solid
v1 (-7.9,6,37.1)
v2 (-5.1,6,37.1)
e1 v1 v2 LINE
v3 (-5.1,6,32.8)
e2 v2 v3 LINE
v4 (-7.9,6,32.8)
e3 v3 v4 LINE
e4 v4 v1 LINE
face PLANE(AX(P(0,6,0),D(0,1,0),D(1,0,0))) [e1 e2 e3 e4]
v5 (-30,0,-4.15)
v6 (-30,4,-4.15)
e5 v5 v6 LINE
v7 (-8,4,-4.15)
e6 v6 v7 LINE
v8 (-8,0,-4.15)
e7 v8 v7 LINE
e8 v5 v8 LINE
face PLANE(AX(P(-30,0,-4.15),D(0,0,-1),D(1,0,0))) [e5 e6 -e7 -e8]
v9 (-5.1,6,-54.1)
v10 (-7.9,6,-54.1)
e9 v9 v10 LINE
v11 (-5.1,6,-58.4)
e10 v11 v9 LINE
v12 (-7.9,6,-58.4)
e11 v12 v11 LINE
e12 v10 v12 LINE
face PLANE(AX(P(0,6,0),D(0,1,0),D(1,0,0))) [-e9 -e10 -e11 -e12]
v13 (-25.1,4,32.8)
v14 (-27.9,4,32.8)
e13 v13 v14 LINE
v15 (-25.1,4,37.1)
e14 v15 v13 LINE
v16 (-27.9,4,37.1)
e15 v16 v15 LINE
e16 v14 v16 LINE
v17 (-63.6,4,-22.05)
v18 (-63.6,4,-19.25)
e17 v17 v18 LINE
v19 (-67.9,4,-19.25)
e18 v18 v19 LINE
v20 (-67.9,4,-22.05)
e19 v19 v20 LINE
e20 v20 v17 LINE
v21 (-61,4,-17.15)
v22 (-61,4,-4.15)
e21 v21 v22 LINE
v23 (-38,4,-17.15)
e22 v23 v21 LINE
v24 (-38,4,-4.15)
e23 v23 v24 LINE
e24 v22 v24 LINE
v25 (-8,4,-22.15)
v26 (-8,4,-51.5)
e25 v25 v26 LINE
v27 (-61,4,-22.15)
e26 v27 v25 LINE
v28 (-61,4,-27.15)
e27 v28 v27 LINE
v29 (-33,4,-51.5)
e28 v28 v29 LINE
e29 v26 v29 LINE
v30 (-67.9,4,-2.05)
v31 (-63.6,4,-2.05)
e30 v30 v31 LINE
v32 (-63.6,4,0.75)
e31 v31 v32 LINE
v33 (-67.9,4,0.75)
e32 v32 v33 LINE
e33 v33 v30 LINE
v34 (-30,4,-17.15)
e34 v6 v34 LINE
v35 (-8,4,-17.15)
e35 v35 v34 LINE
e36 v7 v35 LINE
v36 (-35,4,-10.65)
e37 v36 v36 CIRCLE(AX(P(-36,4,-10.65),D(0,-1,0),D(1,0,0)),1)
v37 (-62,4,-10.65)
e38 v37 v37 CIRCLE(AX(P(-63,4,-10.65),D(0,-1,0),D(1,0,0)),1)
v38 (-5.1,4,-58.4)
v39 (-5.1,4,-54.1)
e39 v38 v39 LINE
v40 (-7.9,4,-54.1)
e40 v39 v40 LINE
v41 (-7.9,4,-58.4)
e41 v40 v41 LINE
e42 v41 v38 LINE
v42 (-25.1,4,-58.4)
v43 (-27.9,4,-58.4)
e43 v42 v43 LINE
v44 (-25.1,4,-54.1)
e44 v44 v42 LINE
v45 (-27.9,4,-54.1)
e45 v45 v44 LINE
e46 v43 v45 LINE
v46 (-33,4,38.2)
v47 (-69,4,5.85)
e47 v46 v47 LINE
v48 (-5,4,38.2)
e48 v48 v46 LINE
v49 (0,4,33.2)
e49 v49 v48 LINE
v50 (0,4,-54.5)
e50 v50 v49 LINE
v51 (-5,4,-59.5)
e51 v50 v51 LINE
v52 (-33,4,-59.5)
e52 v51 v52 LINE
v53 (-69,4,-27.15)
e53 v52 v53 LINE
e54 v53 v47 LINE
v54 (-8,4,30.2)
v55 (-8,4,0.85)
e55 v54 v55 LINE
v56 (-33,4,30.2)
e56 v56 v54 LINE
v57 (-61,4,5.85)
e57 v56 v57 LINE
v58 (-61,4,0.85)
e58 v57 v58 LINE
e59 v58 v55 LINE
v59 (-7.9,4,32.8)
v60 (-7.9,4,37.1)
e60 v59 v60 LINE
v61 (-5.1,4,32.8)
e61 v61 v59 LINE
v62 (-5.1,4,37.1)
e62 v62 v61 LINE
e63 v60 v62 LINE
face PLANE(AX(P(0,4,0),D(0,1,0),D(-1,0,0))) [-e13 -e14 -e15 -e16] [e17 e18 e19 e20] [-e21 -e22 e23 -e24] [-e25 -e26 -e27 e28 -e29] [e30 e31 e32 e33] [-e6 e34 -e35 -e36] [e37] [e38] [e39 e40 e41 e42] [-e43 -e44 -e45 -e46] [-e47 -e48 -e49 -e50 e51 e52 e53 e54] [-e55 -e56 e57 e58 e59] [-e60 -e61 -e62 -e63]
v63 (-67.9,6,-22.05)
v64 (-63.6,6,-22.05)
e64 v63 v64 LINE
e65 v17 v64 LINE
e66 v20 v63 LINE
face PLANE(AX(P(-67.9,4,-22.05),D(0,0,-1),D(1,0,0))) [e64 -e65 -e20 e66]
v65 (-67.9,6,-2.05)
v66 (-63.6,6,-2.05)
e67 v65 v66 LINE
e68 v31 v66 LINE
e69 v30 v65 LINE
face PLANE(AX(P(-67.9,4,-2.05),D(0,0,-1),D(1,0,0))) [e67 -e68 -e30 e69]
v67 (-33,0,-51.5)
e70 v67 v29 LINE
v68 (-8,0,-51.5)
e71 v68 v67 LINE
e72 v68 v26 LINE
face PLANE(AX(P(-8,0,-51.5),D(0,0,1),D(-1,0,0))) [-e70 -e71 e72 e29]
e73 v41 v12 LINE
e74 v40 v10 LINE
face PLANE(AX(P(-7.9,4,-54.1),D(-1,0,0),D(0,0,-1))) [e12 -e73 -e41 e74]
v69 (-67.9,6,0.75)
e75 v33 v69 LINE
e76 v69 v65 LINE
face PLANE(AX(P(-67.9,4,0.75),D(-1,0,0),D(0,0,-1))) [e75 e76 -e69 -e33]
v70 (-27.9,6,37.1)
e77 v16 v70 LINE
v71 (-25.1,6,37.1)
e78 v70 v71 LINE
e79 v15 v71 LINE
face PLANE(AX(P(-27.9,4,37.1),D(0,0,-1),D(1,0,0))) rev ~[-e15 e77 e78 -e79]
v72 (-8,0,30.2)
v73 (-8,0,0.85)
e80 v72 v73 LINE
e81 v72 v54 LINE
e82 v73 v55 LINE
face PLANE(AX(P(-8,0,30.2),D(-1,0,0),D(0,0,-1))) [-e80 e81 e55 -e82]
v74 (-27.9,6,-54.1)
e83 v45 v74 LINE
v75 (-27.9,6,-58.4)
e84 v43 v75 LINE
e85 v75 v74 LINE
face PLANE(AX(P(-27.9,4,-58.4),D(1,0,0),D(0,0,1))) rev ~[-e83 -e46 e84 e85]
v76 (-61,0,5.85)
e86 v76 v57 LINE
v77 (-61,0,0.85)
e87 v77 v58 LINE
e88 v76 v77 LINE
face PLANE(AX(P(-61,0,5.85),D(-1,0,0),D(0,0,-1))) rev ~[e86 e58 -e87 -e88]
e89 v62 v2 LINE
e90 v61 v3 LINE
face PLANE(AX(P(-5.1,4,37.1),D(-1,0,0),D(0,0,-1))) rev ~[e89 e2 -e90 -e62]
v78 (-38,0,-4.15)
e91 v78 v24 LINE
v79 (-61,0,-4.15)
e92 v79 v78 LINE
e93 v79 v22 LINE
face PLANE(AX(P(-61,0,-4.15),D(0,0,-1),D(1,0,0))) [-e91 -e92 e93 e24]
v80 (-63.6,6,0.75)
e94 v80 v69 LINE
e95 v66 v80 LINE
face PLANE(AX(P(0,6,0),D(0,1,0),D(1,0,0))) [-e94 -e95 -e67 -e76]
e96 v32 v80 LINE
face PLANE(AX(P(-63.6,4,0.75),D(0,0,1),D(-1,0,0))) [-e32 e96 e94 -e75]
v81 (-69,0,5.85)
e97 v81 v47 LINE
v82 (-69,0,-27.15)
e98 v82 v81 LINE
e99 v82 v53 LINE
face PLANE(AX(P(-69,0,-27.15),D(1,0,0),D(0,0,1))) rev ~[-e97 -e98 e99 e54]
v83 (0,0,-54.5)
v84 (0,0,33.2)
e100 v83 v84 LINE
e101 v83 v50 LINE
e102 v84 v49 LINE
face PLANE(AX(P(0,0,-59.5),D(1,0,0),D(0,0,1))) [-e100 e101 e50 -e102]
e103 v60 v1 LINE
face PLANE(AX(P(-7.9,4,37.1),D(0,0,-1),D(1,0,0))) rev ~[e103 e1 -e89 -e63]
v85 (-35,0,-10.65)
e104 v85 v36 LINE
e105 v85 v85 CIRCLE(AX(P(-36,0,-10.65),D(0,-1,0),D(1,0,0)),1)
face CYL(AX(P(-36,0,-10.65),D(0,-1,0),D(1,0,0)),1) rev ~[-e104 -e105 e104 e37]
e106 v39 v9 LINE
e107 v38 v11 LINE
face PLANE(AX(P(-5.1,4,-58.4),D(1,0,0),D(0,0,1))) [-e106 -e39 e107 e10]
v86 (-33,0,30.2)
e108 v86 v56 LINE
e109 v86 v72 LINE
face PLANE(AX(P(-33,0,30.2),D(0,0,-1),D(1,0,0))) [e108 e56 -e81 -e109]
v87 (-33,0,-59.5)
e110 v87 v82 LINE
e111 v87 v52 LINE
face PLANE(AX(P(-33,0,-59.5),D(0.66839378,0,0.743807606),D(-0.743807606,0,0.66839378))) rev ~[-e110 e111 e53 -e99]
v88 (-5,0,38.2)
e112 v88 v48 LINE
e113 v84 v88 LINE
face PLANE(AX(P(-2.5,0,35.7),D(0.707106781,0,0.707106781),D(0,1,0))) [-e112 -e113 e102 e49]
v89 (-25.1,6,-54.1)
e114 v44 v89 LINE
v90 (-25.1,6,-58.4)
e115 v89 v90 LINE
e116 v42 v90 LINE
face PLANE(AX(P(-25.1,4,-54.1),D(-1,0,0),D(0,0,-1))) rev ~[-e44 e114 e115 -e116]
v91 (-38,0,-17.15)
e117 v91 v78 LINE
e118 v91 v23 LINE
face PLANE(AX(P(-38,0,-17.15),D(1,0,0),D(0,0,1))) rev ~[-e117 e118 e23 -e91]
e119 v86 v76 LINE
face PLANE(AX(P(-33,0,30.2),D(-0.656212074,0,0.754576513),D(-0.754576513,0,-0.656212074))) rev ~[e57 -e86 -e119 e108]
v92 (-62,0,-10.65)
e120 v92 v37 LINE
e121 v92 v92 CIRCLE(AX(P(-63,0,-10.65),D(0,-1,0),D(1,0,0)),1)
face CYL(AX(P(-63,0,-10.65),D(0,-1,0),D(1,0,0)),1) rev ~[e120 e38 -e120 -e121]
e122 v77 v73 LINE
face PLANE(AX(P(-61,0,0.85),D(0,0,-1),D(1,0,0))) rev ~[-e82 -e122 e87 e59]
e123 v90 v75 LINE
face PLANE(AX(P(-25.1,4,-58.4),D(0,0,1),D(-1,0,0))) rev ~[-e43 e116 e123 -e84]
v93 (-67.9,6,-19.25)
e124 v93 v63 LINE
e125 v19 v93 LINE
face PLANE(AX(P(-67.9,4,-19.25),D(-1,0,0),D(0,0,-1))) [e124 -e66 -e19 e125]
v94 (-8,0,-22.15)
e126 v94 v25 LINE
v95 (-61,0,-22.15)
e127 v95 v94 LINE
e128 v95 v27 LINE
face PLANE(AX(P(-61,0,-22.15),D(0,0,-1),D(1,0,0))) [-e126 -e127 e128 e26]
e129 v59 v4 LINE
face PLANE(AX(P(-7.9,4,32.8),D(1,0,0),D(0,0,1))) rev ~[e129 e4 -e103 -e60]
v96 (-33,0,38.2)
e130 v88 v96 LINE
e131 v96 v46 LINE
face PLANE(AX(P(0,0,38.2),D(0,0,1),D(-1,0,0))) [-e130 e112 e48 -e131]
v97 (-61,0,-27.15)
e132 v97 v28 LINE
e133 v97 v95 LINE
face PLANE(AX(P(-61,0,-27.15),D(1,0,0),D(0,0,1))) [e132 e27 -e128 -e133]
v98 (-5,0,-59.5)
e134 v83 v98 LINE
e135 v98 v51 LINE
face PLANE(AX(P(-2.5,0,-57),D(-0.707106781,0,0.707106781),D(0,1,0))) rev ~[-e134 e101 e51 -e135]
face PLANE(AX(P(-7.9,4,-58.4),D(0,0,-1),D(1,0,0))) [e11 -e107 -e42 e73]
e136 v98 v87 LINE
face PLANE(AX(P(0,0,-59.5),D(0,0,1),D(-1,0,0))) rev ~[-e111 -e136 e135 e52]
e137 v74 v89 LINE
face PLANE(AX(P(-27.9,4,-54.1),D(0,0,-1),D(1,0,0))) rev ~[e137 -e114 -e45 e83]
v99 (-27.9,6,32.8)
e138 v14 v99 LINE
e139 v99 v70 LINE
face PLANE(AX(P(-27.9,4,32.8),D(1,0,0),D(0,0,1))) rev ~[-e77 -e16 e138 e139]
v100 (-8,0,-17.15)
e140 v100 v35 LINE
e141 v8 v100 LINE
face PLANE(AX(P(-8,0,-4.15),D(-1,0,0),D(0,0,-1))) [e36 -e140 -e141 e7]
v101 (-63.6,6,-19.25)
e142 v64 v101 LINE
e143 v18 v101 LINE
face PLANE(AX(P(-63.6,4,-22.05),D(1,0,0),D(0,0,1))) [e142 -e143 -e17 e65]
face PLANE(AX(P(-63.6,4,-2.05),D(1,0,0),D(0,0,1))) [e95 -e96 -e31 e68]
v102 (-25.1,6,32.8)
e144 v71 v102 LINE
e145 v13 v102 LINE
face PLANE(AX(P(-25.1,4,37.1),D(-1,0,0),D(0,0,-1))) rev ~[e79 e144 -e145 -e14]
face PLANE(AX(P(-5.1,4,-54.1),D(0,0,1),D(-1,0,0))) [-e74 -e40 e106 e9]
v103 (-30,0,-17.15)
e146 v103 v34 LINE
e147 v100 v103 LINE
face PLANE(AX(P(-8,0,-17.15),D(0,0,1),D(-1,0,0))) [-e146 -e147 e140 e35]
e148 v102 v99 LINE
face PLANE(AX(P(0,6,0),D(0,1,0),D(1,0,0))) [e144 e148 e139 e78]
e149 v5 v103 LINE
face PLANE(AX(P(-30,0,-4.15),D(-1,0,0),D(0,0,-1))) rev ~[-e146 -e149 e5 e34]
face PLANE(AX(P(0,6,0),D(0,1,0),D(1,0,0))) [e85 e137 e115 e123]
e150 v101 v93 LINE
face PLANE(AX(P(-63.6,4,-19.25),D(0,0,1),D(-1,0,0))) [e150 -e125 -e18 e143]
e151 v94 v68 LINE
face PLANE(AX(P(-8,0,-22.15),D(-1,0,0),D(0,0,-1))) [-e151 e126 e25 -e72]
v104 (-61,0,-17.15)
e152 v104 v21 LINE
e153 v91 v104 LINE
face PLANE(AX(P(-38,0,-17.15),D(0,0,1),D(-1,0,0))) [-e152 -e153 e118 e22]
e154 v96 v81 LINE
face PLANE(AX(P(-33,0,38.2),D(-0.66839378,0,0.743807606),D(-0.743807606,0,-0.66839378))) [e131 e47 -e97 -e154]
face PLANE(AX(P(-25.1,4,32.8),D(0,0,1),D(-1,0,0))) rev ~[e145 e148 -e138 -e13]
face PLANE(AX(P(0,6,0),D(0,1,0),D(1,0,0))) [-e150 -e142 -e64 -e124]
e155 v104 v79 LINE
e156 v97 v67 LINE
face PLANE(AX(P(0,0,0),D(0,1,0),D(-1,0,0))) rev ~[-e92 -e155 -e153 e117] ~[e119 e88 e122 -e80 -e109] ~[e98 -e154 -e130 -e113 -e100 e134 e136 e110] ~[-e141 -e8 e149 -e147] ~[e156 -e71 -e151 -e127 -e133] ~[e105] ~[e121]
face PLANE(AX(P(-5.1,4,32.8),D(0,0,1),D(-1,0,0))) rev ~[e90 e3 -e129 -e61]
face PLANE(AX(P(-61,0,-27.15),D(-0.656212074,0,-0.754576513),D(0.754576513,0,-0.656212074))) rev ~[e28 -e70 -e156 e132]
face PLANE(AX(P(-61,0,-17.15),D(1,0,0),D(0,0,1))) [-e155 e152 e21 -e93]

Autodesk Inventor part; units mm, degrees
ref_plane "YZ Plane" through (0, 0, 0) normal (1, 0, 0) x (0, 1, 0)
ref_plane "XZ Plane" through (0, 0, 0) normal (0, 1, 0) x (-1, 0, 0)
ref_plane "XY Plane" through (0, 0, 0) normal (0, 0, 1) x (1, 0, 0)
sketch "Sketch1" plane through (0, 0, 0) normal (0, 1, 0) x (-1, 0, 0)
  line L0 (0, -59.5) -> (33, -59.5)
  line L1 (69, -27.15) -> (69, 5.85)
  line L2 (33, 38.2) -> (69, 5.85)
  line L3 (33, -59.5) -> (69, -27.15)
  line L4 (61, -27.15) -> (33, -51.5)
  line L5 (0, 38.2) -> (33, 38.2)
  line L6 (0, -59.5) -> (0, 38.2)
  line L7 (33, 30.2) -> (8, 30.2)
  line L8 (8, -51.5) -> (33, -51.5)
  line L9 (8, 30.2) -> (8, 0.85)
  line L10 (61, -17.15) -> (61, -4.15)
  line L11 (8, -4.15) -> (8, -17.15)
  line L12 (8, -22.15) -> (8, -51.5)
  line L13 (38, -17.15) -> (38, -4.15)
  line L14 (30, -4.15) -> (30, -17.15)
  line L15 (8, -17.15) -> (30, -17.15)
  line L16 (38, -17.15) -> (61, -17.15)
  line L17 (61, -4.15) -> (38, -4.15)
  line L18 (30, -4.15) -> (8, -4.15)
  line L19 (33, 30.2) -> (61, 5.85)
  line L20 (61, -27.15) -> (61, -22.15)
  line L21 (61, -22.15) -> (8, -22.15)
  line L22 (61, 5.85) -> (61, 0.85)
  line L23 (61, 0.85) -> (8, 0.85)
  point P0 (0, 0)
  point P1 (38, -10.65)
  dimension "d59" = 33
  dimension "d85" = 33
  dimension "d95" = 8
  dimension "d97" = 97.7
  dimension "d99" = 59.5
  dimension "d102" = 69
  dimension "d103" = 8
  dimension "d105" = 23
  dimension "d106" = 13
  dimension "d112" = 8
  dimension "d113" = 8
  dimension "d114" = 8
  dimension "d115" = 8
  dimension "d119" = 8
  dimension "d120" = 13
  dimension "d122" = 8
  dimension "d138" = 5
  dimension "d139" = 5
  dimension "d141" = 5
  dimension "d157" = 5
  dimension "d158" = 48.85
extrude "Extrusion1" add sketch "Sketch1" along normal blind 4
sketch "Sketch4" plane through (0, 4, 0) normal (0, 1, 0) x (1, 0, 0)
  line L0 (-27.9, -37.1) -> (-25.1, -37.1)
  line L1 (-25.1, -37.1) -> (-25.1, -32.8)
  line L2 (-25.1, -32.8) -> (-27.9, -32.8)
  line L3 (-27.9, -32.8) -> (-27.9, -37.1)
  line L4 (-5.1, -32.8) -> (-7.9, -32.8)
  line L5 (-7.9, -32.8) -> (-7.9, -37.1)
  line L6 (-7.9, -37.1) -> (-5.1, -37.1)
  line L7 (-5.1, -37.1) -> (-5.1, -32.8)
  line L8 (-27.9, 54.1) -> (-25.1, 54.1)
  line L9 (-25.1, 54.1) -> (-25.1, 58.4)
  line L10 (-25.1, 58.4) -> (-27.9, 58.4)
  line L11 (-27.9, 58.4) -> (-27.9, 54.1)
  line L12 (-5.1, 54.1) -> (-7.9, 54.1)
  line L13 (-7.9, 54.1) -> (-7.9, 58.4)
  line L14 (-7.9, 58.4) -> (-5.1, 58.4)
  line L15 (-5.1, 58.4) -> (-5.1, 54.1)
  line L16 (0, 59.5) -> (-33, 59.5) projected
  line L17 (0, -38.2) -> (0, 59.5) projected
  line L18 (-33, -38.2) -> (0, -38.2) projected
  line L19 (-63.6, -0.75) -> (-67.9, -0.75)
  line L20 (-67.9, -0.75) -> (-67.9, 2.05)
  line L21 (-67.9, 2.05) -> (-63.6, 2.05)
  line L22 (-63.6, 2.05) -> (-63.6, -0.75)
  line L23 (-63.6, 19.25) -> (-67.9, 19.25)
  line L24 (-67.9, 19.25) -> (-67.9, 22.05)
  line L25 (-67.9, 22.05) -> (-63.6, 22.05)
  line L26 (-63.6, 22.05) -> (-63.6, 19.25)
  line L27 (-69, 27.15) -> (-69, -5.85) projected
  point P0 (0, 0)
  dimension "d60" = 4.3
  dimension "d63" = 2.8
  dimension "d64" = 2.8
  dimension "d66" = 17.2
  dimension "d67" = 4.3
  dimension "d68" = 1.1
  dimension "d133" = 5.1
  dimension "d134" = 1.1
  dimension "d150" = 4.3
  dimension "d151" = 2.8
  dimension "d152" = 4.3
  dimension "d153" = 2.8
  dimension "d154" = 17.2
  dimension "d155" = 1.1
  dimension "d156" = 5.1
extrude "Extrusion5" add sketch "Sketch4" along normal blind 2
chamfer "Chamfer6" distance 5 angle 45 2 edges at (0, 2, -59.5) (0, 2, 38.2)
sketch "Sketch5" plane through (0, 0, 0) normal (0, -1, 0) x (1, 0, 0)
  circle A0 centre (-63, -10.65) radius 1
  circle A1 centre (-36, -10.65) radius 1
  line L0 (-38, -17.15) -> (-38, -4.15) projected
  line L1 (-61, -4.15) -> (-61, -17.15) projected
  line L2 (-38, -4.15) -> (-61, -4.15) projected
  line L3 (-61, -17.15) -> (-38, -17.15) projected
  point P0 (0, 0)
  dimension "d142" = 2
  dimension "d143" = 2
  dimension "d144" = 2
  dimension "d145" = 2
  dimension "d146" = 6.5
  dimension "d147" = 6.5
extrude "Extrusion7" cut sketch "Sketch5" against normal blind 9 contours A0 | A1
properties part number "TopServoMount"
